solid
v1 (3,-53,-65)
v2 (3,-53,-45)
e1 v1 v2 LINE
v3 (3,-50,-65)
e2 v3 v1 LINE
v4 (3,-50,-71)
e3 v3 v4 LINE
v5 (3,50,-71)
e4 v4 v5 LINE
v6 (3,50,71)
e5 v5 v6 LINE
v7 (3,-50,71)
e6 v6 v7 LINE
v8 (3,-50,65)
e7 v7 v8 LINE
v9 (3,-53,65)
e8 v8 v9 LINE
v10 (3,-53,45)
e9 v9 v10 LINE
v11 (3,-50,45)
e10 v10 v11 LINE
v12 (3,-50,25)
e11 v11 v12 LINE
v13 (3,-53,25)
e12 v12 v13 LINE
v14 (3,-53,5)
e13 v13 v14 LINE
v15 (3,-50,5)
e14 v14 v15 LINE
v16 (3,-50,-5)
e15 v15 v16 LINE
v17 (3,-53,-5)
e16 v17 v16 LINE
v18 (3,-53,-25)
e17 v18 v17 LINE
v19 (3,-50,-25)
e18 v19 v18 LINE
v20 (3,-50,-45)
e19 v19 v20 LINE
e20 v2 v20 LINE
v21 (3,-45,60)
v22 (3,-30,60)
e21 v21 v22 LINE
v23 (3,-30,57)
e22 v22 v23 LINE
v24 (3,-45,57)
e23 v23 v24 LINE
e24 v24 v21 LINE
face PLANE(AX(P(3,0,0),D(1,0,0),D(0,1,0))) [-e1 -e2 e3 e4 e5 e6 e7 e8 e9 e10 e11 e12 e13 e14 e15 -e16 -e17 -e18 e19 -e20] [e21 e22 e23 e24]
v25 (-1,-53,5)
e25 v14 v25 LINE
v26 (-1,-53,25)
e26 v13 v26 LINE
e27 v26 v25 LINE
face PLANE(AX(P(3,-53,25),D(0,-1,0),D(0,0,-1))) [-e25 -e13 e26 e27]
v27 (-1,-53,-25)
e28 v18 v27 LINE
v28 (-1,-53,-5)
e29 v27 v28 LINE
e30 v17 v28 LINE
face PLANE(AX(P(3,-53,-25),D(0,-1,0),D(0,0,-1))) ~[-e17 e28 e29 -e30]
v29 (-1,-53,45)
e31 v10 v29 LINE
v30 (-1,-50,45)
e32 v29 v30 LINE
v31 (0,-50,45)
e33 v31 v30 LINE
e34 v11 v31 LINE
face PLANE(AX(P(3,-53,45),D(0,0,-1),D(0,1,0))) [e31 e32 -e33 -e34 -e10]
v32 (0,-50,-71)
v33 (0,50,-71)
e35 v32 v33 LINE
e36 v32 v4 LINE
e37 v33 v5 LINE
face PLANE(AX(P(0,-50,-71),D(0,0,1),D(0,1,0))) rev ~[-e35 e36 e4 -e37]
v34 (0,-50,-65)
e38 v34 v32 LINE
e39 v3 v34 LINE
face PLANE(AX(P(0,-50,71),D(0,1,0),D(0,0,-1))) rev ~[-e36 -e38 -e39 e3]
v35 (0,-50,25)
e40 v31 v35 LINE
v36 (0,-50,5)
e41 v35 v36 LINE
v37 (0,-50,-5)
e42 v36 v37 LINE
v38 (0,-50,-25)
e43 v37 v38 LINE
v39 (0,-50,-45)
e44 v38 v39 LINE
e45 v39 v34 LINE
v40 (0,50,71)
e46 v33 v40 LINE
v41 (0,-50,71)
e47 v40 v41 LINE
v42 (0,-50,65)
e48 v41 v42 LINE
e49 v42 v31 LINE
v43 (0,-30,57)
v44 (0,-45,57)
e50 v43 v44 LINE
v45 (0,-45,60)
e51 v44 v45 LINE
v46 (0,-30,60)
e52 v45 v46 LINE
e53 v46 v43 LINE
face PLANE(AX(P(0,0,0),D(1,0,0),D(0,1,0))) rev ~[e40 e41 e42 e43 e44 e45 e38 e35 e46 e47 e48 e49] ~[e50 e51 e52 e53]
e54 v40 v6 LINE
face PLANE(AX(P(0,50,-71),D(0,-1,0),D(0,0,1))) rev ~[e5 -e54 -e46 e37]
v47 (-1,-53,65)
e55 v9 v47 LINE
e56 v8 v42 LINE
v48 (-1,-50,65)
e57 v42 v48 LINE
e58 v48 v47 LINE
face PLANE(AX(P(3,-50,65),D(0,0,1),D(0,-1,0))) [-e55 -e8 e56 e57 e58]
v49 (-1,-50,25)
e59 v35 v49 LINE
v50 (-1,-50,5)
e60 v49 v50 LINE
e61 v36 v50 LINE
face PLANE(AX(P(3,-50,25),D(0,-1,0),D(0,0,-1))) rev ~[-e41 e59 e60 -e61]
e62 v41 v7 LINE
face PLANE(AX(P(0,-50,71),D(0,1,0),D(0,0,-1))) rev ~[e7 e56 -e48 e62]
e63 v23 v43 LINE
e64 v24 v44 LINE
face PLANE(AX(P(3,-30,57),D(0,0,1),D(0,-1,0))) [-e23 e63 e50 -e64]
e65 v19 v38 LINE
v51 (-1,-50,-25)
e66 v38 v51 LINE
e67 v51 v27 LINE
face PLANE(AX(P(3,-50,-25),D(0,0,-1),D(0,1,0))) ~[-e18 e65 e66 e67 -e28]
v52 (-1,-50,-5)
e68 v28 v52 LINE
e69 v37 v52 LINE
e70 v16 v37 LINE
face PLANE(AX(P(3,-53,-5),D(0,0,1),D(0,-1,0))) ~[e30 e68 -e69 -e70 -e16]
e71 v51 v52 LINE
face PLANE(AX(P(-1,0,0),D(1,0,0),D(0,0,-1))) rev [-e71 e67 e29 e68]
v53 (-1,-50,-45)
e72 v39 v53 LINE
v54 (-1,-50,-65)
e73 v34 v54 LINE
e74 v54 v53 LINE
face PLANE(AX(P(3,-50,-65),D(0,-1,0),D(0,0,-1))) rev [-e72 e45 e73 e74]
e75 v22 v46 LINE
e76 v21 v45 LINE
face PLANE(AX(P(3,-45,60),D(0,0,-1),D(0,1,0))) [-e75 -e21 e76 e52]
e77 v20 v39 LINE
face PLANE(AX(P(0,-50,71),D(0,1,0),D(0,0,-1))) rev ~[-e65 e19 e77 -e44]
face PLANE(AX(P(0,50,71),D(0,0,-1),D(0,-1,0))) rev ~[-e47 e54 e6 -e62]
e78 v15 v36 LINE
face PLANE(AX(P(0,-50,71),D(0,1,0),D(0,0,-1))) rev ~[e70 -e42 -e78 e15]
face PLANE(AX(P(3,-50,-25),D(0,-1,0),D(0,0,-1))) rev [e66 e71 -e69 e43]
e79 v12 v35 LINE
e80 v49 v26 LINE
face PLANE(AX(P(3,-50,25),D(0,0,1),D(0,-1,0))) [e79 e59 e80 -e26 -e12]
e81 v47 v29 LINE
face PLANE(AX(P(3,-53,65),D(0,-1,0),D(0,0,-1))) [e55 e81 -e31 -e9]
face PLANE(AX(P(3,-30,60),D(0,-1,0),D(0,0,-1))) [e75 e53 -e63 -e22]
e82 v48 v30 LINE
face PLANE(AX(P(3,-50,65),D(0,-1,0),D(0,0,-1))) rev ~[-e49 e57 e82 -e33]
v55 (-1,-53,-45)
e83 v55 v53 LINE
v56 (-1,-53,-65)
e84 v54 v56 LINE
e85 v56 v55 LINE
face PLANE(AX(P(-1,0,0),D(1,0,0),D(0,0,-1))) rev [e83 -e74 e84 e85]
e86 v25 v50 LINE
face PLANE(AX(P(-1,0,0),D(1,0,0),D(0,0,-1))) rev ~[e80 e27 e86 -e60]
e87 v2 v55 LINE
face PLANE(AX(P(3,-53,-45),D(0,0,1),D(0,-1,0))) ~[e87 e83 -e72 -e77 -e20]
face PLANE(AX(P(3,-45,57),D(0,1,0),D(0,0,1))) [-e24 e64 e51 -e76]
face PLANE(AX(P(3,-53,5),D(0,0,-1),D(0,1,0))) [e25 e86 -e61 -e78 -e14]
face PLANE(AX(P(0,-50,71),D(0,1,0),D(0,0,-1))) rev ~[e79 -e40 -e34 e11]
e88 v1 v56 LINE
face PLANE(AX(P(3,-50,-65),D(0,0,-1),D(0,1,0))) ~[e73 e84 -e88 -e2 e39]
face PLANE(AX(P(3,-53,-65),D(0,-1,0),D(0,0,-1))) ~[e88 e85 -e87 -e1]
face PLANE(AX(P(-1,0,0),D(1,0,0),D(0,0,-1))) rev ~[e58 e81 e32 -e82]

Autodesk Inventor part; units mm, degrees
ref_plane "YZ Plane" through (0, 0, 0) normal (1, 0, 0) x (0, 1, 0)
ref_plane "XZ Plane" through (0, 0, 0) normal (0, 1, 0) x (-1, 0, 0)
ref_plane "XY Plane" through (0, 0, 0) normal (0, 0, 1) x (1, 0, 0)
sketch "Sketch1" plane through (0, 0, 0) normal (1, 0, 0) x (0, 1, 0)
  line L0 (-50, -71) -> (50, -71)
  line L1 (50, -71) -> (50, 71)
  line L2 (50, 71) -> (-50, 71)
  line L3 (-50, 71) -> (-50, -71)
  line L4 (-50, -71) -> (50, 71) construction
  line L5 (50, -71) -> (-50, 71) construction
  point P0 (0, 0)
  dimension "d0" = 100
  dimension "d1" = 142
extrude "Extrusion1" add sketch "Sketch1" along normal blind 3
sketch "Sketch2" plane through (3, 0, 0) normal (1, 0, 0) x (0, 0, -1)
  line L0 (-71, -50) -> (71, -50) projected
  line L1 (-5, -50) -> (-25, -50)
  line L2 (-25, -50) -> (-25, -53)
  line L3 (-25, -53) -> (-5, -53)
  line L4 (-5, -53) -> (-5, -50)
  line L5 (-45, -50) -> (-65, -50)
  line L6 (-65, -50) -> (-65, -53)
  line L7 (-65, -53) -> (-45, -53)
  line L8 (-45, -53) -> (-45, -50)
  point P0 (0, 0)
  dimension "d4" = 20
  dimension "d5" = 3
  dimension "d6" = 5
  dimension "d7" = 20
  dimension "d8" = 3
  dimension "d9" = 20
extrude "Extrusion2" add sketch "Sketch2" against normal blind 4
mirror "Mirror1" about plane through (0, 0, 0) normal (0, 0, 1) of "Extrusion2"
sketch "Sketch3" plane through (3, 0, 0) normal (1, 0, 0) x (0, 0, -1)
  line L0 (-60, -30) -> (-57, -30)
  line L1 (-57, -30) -> (-57, -45)
  line L2 (-57, -45) -> (-60, -45)
  line L3 (-60, -45) -> (-60, -30)
  line L4 (-71, -50) -> (-65, -50) projected
  point P0 (0, 0)
  dimension "d12" = 3
  dimension "d13" = 15
  dimension "d14" = 57
  dimension "d15" = 5
extrude "Extrusion3" cut sketch "Sketch3" against normal blind 4
properties part number "frount plate"
